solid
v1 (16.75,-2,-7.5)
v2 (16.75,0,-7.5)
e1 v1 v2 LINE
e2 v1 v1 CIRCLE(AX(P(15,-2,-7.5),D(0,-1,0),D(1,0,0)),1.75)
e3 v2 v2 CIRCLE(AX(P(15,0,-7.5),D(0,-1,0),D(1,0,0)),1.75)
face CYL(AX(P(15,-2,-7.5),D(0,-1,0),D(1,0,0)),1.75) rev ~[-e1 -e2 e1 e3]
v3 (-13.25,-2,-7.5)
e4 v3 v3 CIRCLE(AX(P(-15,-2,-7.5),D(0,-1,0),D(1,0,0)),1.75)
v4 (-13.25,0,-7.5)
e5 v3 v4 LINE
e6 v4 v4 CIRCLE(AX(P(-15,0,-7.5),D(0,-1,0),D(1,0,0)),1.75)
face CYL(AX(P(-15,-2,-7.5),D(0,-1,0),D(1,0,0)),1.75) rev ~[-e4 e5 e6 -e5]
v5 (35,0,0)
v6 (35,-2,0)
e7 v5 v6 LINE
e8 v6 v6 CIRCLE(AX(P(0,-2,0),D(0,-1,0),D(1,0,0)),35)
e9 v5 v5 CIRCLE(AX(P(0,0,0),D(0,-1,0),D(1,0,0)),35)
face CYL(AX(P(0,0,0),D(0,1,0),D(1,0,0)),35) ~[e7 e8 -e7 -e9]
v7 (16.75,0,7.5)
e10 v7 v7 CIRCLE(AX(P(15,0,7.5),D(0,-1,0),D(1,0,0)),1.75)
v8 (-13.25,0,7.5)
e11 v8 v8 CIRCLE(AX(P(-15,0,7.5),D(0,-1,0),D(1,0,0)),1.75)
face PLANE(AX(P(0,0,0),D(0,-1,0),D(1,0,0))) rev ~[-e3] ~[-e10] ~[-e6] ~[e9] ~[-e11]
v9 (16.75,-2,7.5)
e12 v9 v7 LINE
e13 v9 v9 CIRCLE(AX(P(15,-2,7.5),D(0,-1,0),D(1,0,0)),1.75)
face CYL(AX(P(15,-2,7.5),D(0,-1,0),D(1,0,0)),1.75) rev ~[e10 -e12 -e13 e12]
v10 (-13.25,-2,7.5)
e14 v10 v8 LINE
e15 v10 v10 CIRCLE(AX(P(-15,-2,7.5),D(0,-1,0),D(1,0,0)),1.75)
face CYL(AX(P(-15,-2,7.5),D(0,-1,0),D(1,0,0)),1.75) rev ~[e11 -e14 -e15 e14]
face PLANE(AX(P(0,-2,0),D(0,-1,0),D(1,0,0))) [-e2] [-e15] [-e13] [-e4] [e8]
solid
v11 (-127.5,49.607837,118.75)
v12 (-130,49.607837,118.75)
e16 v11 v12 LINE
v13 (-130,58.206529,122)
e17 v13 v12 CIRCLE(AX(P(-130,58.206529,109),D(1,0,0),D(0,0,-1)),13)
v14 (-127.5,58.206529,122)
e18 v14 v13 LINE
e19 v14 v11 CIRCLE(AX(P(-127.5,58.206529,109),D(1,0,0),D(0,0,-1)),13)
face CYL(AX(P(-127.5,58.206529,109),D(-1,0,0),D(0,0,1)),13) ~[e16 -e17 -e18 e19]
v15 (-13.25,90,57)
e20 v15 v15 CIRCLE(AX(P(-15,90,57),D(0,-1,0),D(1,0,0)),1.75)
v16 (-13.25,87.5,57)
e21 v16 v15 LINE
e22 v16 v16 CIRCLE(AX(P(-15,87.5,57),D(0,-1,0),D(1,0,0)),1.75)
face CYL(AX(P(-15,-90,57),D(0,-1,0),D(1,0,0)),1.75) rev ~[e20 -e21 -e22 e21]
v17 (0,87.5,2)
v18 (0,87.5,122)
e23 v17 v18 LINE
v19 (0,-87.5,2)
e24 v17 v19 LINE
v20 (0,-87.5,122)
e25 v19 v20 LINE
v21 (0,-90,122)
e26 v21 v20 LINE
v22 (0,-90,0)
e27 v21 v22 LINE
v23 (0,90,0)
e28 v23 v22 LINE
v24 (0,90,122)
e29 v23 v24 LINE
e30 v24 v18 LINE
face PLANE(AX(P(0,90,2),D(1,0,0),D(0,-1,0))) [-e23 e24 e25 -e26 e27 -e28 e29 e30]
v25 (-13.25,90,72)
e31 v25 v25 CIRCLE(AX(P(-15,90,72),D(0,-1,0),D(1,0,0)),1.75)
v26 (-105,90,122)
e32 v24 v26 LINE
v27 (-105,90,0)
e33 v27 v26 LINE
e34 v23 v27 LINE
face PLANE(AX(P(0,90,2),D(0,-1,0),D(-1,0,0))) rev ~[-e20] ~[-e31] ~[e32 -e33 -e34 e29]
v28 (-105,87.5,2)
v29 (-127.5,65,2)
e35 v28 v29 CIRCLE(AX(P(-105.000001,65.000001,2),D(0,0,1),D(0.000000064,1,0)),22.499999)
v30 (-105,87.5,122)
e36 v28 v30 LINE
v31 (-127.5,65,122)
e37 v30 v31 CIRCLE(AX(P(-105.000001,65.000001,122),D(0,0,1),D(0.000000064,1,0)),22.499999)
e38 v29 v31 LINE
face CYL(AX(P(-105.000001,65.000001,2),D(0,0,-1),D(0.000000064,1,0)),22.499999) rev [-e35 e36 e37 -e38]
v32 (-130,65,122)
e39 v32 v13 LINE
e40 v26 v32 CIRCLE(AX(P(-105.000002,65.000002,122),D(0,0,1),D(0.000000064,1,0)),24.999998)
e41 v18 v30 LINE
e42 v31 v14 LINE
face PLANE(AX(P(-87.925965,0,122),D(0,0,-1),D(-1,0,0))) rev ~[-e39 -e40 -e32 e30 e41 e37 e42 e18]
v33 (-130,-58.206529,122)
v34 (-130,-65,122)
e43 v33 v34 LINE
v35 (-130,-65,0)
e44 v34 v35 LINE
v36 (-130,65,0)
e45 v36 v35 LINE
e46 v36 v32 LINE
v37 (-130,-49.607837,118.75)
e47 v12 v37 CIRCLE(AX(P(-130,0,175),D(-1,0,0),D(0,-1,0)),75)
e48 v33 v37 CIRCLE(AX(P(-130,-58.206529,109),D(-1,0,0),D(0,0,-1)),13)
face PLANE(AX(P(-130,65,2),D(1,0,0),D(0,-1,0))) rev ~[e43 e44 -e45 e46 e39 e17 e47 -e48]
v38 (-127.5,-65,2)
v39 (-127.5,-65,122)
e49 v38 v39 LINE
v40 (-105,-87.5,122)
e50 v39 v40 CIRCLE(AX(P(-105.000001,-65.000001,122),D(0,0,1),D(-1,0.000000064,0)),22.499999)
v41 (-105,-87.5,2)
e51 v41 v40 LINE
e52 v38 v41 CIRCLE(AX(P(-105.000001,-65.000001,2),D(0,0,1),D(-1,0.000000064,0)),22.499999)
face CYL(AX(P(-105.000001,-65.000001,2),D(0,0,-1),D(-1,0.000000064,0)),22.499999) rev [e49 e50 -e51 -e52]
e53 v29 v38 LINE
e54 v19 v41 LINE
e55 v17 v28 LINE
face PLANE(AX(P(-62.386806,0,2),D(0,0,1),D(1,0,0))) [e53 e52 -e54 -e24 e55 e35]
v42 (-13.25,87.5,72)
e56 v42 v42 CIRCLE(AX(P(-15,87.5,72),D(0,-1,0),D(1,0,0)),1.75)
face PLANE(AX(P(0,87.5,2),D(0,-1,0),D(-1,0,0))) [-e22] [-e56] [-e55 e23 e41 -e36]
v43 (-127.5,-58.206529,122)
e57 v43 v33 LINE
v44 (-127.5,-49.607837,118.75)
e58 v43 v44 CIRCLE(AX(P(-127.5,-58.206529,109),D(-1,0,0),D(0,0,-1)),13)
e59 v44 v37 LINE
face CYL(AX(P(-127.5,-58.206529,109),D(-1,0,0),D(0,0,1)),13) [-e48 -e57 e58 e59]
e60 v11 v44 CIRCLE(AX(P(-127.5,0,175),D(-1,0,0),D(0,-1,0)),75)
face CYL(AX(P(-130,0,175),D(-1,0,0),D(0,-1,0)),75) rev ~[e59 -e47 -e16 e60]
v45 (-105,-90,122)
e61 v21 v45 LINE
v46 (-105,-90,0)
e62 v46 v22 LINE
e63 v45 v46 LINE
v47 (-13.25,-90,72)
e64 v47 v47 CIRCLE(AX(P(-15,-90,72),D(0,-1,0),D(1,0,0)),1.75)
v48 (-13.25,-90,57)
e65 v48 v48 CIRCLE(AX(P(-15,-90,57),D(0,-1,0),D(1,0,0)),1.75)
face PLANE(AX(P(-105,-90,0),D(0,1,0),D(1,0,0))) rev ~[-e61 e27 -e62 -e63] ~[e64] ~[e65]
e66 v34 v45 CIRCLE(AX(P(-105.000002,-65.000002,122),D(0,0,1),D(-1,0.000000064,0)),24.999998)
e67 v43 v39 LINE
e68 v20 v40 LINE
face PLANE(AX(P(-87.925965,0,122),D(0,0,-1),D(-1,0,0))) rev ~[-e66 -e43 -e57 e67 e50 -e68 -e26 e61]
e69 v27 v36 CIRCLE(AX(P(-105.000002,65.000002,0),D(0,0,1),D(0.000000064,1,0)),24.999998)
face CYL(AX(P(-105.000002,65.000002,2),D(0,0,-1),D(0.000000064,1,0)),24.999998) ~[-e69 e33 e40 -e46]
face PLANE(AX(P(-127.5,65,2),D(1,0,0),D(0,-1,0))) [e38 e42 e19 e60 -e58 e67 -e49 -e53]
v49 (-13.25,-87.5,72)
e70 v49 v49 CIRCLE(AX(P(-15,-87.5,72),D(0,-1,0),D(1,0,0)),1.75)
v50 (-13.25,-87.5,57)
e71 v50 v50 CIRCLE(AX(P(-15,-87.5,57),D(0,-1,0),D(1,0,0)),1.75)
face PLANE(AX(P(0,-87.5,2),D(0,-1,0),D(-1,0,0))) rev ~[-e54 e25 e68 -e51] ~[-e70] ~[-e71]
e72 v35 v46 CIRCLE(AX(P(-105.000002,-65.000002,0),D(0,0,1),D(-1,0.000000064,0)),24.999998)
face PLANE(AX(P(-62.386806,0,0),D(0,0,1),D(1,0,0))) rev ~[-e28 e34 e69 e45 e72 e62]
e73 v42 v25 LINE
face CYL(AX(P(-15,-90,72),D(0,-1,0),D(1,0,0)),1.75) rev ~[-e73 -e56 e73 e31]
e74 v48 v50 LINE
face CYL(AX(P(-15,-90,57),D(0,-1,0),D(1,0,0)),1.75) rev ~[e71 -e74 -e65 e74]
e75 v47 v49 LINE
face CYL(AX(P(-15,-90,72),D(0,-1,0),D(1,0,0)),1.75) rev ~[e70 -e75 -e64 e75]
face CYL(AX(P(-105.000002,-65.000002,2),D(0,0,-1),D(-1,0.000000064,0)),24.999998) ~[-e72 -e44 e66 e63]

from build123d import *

# Parameters (mm, degrees)
PAD_DEPTH       = 2
PAD001_DEPTH    = 120
SKETCH004_R     = 1.75
POCKET001_DEPTH = 180.001
SKETCH006_R     = 75
POCKET002_DEPTH = 130.001
FILLET_R        = 13
SKETCH002_R     = 35
PAD002_DEPTH    = 2
SKETCH003_R     = 1.75
POCKET_DEPTH    = 2.001


with BuildPart() as body:
    # Sketch → Pad (new body)
    with BuildSketch(Plane.XY):
        with BuildLine():
            Line((0, 90), (-105, 90))
            ThreePointArc((-105, 90), (-122.67767, 82.67767), (-130, 65))
            Line((-130, 65), (-130, -65))
            ThreePointArc((-130, -65), (-122.67767, -82.67767), (-105, -90))
            Line((-105, -90), (0, -90))
            Line((0, 90), (0, -90))
        make_face()
    extrude(amount=PAD_DEPTH)

    # Sketch001 (on Face8 of Pad) → Pad001 (join)
    with BuildSketch(Plane.XY.offset(2)):
        with BuildLine():
            Line((0, 90), (0, 87.5))
            Line((0, 87.5), (-105, 87.5))
            ThreePointArc((-105, 87.5), (-120.909903, 80.909903), (-127.5, 65))
            Line((-127.5, 65), (-127.5, -65))
            ThreePointArc((-127.5, -65), (-120.909903, -80.909903), (-105, -87.5))
            Line((0, -87.5), (-105, -87.5))
            Line((0, -90), (0, -87.5))
            Line((0, -90), (-105, -90))
            ThreePointArc((-130, -65), (-122.67767, -82.67767), (-105, -90))
            Line((-130, 65), (-130, -65))
            ThreePointArc((-105, 90), (-122.67767, 82.67767), (-130, 65))
            Line((0, 90), (-105, 90))
        make_face()
    extrude(amount=PAD001_DEPTH)

    # Sketch004 (on Face14 of Pad001) → Pocket001 (cut, through all)
    with BuildSketch(Plane.XZ.offset(90)):
        with Locations((-15, 72)):
            Circle(SKETCH004_R)
        with Locations((-15, 57)):
            Circle(SKETCH004_R)
    extrude(amount=-POCKET001_DEPTH, mode=Mode.SUBTRACT)

    # Sketch006 (on Face22 of Pocket001) → Pocket002 (cut, through all)
    with BuildSketch(Plane(origin=(-130, 0, 0), x_dir=(0, -1, 0), z_dir=(-1, 0, 0))):
        with Locations((0, 175)):
            Circle(SKETCH006_R)
    extrude(amount=-POCKET002_DEPTH, mode=Mode.SUBTRACT)

    # Fillet
    fillet_edges = [body.edges().sort_by_distance(p)[0] for p in [
        (-128.75, 53.065997, 122),
        (-128.75, -53.065997, 122),
    ]]
    fillet(fillet_edges, radius=FILLET_R)


with BuildPart() as connector:
    # Sketch002 → Pad002 (new body)
    with BuildSketch(Plane.XZ):
        Circle(SKETCH002_R)
    extrude(amount=PAD002_DEPTH)

    # Sketch003 (on Face3 of Pad002) → Pocket (cut, through all)
    with BuildSketch(Plane.XZ.offset(2)):
        with Locations((-15, 7.5)):
            Circle(SKETCH003_R)
        with Locations((-15, -7.5)):
            Circle(SKETCH003_R)
        with Locations((15, -7.5)):
            Circle(SKETCH003_R)
        with Locations((15, 7.5)):
            Circle(SKETCH003_R)
    extrude(amount=-POCKET_DEPTH, mode=Mode.SUBTRACT)


solid = Compound([body.part, connector.part])
